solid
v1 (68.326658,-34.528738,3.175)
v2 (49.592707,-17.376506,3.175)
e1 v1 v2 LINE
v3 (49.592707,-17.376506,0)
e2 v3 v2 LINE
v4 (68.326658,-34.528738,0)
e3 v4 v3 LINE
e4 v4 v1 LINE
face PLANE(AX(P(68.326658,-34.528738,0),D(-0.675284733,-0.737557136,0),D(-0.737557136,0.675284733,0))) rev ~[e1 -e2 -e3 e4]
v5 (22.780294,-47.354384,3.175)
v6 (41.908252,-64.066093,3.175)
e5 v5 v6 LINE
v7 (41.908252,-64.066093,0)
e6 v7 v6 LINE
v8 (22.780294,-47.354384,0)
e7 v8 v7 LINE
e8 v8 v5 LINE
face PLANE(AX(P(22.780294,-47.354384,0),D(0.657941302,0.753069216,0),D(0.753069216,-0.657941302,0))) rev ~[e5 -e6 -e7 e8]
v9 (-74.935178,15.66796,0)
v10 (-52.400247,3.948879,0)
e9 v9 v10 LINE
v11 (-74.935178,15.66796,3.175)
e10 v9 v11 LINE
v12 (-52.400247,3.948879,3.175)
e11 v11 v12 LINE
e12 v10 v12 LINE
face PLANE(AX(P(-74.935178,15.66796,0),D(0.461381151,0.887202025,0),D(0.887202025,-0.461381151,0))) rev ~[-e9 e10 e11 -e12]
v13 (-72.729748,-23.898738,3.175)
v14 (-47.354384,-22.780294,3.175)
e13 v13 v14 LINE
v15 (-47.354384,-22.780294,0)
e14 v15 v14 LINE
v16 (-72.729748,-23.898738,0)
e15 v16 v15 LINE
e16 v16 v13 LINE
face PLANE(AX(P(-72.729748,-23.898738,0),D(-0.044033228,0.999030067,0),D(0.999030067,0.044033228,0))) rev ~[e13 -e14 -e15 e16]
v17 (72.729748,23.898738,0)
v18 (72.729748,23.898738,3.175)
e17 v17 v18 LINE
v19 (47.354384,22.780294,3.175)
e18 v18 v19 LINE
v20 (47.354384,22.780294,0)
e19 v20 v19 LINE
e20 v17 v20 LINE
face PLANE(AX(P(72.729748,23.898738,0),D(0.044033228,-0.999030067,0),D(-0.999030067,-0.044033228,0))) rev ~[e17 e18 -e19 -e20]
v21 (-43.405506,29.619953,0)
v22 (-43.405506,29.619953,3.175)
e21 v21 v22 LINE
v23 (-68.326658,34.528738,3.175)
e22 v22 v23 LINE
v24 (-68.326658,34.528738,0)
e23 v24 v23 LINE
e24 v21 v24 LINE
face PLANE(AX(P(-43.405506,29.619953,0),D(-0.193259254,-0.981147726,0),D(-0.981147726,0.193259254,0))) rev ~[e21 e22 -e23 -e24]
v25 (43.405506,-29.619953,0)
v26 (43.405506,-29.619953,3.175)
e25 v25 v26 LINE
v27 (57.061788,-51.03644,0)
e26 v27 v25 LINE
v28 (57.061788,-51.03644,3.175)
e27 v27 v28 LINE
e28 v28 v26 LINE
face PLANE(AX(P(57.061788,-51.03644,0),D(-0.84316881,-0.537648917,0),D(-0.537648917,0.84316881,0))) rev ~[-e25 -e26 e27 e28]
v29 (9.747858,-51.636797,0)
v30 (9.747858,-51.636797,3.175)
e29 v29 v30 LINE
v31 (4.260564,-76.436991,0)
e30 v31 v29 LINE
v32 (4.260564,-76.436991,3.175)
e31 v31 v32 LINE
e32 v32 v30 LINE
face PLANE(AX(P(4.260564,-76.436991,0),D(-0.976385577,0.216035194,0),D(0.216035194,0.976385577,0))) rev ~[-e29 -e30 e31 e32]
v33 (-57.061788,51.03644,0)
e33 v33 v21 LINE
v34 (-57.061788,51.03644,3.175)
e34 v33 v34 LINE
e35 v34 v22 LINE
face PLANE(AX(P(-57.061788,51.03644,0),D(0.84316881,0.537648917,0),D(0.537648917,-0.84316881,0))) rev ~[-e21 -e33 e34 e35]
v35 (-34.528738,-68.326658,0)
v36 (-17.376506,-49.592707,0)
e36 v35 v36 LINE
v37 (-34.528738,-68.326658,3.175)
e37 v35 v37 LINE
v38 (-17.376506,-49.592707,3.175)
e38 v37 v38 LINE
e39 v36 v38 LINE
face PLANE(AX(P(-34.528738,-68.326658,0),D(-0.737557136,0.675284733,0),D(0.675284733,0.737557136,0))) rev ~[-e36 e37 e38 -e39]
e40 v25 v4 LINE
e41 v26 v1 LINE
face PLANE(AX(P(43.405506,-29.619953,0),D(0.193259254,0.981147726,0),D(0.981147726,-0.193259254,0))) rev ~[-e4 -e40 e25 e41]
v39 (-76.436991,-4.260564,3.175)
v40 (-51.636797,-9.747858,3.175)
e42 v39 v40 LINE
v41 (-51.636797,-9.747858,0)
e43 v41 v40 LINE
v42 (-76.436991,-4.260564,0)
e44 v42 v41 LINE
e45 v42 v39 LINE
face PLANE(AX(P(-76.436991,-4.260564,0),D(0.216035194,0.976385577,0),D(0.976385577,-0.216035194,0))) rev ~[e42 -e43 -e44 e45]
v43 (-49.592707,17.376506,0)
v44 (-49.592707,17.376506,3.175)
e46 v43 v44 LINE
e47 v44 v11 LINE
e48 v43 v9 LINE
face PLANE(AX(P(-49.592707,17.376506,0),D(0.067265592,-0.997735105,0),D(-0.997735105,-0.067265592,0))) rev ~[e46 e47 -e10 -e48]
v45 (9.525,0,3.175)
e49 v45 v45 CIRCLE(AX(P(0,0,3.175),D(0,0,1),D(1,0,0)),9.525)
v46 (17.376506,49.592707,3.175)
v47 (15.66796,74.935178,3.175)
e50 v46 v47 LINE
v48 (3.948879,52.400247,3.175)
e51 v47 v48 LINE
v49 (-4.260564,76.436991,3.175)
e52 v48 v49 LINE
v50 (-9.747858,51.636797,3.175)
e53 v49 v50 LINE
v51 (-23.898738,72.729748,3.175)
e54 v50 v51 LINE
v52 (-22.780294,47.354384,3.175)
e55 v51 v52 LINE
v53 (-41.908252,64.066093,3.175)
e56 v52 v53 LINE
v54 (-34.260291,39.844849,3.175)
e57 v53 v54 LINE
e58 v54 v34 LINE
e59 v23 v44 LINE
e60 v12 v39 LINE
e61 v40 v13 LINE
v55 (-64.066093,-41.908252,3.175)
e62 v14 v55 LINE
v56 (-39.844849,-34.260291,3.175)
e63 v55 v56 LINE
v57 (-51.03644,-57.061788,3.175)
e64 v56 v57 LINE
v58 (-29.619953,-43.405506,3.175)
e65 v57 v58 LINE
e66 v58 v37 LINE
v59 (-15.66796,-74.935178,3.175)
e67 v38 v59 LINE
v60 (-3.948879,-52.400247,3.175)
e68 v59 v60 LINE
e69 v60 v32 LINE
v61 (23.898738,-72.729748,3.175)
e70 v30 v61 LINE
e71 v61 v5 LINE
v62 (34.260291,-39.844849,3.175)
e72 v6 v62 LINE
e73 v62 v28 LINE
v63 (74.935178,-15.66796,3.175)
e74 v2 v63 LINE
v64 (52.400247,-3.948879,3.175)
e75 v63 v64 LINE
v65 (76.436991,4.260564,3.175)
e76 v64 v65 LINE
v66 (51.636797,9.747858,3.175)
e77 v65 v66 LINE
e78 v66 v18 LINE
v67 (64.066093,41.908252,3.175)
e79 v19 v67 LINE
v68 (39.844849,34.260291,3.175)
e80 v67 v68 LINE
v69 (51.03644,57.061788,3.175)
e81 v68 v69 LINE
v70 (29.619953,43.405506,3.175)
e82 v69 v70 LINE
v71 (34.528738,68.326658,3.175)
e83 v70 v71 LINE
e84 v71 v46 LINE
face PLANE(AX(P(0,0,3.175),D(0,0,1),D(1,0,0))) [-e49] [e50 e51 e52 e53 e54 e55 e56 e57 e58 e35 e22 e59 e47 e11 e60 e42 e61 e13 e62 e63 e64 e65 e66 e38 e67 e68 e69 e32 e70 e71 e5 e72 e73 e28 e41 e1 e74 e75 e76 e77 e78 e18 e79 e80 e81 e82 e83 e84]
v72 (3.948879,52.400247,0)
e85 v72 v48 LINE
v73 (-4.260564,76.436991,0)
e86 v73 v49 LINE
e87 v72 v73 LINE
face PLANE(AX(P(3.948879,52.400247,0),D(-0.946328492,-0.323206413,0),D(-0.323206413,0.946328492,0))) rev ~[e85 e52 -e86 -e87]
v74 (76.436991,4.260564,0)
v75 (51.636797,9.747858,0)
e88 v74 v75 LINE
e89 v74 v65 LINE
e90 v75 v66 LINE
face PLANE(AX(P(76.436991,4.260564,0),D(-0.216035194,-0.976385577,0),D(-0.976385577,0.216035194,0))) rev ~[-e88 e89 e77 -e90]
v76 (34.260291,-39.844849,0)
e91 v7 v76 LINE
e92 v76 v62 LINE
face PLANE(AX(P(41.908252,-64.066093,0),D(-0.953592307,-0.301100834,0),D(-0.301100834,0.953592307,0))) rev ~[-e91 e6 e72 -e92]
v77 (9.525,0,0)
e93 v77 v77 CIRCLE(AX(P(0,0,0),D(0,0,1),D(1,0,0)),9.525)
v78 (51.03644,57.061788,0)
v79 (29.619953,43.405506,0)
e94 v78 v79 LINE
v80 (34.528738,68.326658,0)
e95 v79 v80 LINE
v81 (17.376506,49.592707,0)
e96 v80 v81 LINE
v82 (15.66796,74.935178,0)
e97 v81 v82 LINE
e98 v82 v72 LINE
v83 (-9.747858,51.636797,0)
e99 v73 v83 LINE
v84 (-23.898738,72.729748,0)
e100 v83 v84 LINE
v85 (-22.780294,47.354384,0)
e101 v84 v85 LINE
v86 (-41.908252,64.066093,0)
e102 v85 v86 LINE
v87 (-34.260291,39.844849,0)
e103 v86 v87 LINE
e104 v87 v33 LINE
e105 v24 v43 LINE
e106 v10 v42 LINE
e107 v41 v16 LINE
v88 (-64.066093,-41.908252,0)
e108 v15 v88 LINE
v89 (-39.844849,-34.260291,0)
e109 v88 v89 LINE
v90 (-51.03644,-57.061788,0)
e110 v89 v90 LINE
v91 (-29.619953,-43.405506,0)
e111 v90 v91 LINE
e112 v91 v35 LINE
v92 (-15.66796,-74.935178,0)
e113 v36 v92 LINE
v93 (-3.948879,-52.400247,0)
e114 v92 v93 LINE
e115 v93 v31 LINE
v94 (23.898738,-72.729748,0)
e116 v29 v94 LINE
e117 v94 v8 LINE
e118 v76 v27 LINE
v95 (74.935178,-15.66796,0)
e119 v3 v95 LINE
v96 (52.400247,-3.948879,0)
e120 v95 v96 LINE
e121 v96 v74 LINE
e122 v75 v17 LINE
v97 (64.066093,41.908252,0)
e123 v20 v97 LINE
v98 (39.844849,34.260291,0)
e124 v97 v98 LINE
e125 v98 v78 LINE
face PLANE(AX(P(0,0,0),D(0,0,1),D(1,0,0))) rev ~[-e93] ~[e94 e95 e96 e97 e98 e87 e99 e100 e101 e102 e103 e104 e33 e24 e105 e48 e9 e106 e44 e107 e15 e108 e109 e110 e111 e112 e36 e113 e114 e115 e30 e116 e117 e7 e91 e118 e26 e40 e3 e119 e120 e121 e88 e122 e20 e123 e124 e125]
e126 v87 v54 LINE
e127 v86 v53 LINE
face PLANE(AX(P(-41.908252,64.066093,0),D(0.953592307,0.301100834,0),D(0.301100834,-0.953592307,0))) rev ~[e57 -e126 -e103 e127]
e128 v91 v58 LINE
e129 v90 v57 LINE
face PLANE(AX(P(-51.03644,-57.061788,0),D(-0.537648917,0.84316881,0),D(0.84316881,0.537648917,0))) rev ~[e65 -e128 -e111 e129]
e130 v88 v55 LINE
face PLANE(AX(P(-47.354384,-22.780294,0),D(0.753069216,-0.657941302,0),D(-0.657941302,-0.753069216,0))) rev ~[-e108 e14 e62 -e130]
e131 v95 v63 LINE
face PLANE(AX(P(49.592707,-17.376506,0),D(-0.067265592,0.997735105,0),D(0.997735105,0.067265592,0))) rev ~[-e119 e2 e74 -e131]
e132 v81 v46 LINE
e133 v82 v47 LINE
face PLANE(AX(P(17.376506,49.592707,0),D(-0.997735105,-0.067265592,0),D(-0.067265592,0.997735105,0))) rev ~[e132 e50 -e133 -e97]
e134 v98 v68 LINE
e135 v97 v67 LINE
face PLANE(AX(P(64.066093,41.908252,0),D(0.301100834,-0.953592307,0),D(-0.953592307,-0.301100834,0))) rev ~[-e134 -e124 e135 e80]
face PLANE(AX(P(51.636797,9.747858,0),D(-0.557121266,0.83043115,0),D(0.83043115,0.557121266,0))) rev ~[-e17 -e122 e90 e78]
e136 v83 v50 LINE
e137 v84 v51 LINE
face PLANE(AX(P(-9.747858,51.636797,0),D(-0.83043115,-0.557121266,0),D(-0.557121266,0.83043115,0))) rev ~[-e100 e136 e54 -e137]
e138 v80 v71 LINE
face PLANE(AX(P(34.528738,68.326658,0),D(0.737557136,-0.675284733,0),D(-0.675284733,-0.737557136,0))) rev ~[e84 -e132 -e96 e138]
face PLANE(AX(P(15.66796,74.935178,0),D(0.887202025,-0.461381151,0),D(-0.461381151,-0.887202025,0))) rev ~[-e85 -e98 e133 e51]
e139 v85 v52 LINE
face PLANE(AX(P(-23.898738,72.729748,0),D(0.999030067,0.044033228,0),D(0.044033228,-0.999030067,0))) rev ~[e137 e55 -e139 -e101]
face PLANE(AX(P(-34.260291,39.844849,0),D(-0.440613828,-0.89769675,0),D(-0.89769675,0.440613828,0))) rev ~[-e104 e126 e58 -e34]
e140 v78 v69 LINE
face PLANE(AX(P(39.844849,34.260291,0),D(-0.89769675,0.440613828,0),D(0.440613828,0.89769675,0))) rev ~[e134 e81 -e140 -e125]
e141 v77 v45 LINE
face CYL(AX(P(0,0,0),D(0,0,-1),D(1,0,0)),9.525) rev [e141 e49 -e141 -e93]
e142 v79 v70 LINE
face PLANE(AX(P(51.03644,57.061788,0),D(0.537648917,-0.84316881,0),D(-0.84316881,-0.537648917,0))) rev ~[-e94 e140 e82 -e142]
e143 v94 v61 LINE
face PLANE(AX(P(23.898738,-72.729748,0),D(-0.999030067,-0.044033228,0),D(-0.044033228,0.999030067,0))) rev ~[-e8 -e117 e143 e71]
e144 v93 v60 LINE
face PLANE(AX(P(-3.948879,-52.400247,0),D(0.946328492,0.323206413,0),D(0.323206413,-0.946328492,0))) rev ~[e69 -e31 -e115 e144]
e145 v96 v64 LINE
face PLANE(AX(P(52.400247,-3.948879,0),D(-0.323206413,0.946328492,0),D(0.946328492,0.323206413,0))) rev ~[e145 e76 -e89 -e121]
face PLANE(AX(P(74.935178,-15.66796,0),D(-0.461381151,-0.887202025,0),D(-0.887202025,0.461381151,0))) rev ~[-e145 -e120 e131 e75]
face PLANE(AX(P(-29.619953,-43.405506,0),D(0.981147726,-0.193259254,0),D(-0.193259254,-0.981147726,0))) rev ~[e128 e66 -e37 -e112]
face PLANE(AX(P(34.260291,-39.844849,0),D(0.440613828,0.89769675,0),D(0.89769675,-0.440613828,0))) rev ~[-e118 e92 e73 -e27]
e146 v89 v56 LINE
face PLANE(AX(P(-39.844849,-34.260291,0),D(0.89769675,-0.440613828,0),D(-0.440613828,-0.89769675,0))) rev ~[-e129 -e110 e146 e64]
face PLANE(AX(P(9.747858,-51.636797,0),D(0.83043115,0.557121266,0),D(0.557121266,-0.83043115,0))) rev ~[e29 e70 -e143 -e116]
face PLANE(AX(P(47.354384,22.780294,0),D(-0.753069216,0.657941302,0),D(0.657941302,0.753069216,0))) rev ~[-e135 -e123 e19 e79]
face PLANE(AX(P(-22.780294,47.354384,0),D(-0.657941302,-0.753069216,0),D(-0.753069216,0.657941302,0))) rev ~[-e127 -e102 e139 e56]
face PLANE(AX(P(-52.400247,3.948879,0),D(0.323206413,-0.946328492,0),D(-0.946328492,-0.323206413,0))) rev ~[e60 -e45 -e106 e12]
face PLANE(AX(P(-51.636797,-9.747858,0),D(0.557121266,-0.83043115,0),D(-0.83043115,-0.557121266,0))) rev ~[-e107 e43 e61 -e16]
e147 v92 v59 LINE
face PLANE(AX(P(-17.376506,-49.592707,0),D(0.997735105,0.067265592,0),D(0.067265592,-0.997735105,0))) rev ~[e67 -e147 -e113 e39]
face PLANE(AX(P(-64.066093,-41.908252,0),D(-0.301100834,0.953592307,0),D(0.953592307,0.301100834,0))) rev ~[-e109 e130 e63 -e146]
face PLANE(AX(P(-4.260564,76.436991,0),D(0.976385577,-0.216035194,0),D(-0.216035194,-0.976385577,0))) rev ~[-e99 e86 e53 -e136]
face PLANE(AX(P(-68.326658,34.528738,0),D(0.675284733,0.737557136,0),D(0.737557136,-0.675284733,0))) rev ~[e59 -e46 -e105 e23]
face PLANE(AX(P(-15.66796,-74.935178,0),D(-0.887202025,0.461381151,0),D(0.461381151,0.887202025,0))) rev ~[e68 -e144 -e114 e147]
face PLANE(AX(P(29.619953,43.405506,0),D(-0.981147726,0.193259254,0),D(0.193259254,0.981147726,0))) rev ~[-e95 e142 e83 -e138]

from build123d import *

# Parameters (mm, degrees)
F0_R     = 9.525
F1_DEPTH = 3.175


with BuildPart() as f1:
    # F0 (on Top) → F1 (new body)
    with BuildSketch(Plane.XY):
        Polygon((34.528738, 68.326658), (17.376506, 49.592707), (15.66796, 74.935178), (3.948879, 52.400247), (-4.260564, 76.436991), (-9.747858, 51.636797), (-23.898738, 72.729748), (-22.780294, 47.354384), (-41.908252, 64.066093), (-34.260291, 39.844849), (-57.061788, 51.03644), (-43.405506, 29.619953), (-68.326658, 34.528738), (-49.592707, 17.376506), (-74.935178, 15.66796), (-52.400247, 3.948879), (-76.436991, -4.260564), (-51.636797, -9.747858), (-72.729748, -23.898738), (-47.354384, -22.780294), (-64.066093, -41.908252), (-39.844849, -34.260291), (-51.03644, -57.061788), (-29.619953, -43.405506), (-34.528738, -68.326658), (-17.376506, -49.592707), (-15.66796, -74.935178), (-3.948879, -52.400247), (4.260564, -76.436991), (9.747858, -51.636797), (23.898738, -72.729748), (22.780294, -47.354384), (41.908252, -64.066093), (34.260291, -39.844849), (57.061788, -51.03644), (43.405506, -29.619953), (68.326658, -34.528738), (49.592707, -17.376506), (74.935178, -15.66796), (52.400247, -3.948879), (76.436991, 4.260564), (51.636797, 9.747858), (72.729748, 23.898738), (47.354384, 22.780294), (64.066093, 41.908252), (39.844849, 34.260291), (51.03644, 57.061788), (29.619953, 43.405506), align=None)
        Circle(F0_R, mode=Mode.SUBTRACT)
    extrude(amount=F1_DEPTH)


solid = f1.part
